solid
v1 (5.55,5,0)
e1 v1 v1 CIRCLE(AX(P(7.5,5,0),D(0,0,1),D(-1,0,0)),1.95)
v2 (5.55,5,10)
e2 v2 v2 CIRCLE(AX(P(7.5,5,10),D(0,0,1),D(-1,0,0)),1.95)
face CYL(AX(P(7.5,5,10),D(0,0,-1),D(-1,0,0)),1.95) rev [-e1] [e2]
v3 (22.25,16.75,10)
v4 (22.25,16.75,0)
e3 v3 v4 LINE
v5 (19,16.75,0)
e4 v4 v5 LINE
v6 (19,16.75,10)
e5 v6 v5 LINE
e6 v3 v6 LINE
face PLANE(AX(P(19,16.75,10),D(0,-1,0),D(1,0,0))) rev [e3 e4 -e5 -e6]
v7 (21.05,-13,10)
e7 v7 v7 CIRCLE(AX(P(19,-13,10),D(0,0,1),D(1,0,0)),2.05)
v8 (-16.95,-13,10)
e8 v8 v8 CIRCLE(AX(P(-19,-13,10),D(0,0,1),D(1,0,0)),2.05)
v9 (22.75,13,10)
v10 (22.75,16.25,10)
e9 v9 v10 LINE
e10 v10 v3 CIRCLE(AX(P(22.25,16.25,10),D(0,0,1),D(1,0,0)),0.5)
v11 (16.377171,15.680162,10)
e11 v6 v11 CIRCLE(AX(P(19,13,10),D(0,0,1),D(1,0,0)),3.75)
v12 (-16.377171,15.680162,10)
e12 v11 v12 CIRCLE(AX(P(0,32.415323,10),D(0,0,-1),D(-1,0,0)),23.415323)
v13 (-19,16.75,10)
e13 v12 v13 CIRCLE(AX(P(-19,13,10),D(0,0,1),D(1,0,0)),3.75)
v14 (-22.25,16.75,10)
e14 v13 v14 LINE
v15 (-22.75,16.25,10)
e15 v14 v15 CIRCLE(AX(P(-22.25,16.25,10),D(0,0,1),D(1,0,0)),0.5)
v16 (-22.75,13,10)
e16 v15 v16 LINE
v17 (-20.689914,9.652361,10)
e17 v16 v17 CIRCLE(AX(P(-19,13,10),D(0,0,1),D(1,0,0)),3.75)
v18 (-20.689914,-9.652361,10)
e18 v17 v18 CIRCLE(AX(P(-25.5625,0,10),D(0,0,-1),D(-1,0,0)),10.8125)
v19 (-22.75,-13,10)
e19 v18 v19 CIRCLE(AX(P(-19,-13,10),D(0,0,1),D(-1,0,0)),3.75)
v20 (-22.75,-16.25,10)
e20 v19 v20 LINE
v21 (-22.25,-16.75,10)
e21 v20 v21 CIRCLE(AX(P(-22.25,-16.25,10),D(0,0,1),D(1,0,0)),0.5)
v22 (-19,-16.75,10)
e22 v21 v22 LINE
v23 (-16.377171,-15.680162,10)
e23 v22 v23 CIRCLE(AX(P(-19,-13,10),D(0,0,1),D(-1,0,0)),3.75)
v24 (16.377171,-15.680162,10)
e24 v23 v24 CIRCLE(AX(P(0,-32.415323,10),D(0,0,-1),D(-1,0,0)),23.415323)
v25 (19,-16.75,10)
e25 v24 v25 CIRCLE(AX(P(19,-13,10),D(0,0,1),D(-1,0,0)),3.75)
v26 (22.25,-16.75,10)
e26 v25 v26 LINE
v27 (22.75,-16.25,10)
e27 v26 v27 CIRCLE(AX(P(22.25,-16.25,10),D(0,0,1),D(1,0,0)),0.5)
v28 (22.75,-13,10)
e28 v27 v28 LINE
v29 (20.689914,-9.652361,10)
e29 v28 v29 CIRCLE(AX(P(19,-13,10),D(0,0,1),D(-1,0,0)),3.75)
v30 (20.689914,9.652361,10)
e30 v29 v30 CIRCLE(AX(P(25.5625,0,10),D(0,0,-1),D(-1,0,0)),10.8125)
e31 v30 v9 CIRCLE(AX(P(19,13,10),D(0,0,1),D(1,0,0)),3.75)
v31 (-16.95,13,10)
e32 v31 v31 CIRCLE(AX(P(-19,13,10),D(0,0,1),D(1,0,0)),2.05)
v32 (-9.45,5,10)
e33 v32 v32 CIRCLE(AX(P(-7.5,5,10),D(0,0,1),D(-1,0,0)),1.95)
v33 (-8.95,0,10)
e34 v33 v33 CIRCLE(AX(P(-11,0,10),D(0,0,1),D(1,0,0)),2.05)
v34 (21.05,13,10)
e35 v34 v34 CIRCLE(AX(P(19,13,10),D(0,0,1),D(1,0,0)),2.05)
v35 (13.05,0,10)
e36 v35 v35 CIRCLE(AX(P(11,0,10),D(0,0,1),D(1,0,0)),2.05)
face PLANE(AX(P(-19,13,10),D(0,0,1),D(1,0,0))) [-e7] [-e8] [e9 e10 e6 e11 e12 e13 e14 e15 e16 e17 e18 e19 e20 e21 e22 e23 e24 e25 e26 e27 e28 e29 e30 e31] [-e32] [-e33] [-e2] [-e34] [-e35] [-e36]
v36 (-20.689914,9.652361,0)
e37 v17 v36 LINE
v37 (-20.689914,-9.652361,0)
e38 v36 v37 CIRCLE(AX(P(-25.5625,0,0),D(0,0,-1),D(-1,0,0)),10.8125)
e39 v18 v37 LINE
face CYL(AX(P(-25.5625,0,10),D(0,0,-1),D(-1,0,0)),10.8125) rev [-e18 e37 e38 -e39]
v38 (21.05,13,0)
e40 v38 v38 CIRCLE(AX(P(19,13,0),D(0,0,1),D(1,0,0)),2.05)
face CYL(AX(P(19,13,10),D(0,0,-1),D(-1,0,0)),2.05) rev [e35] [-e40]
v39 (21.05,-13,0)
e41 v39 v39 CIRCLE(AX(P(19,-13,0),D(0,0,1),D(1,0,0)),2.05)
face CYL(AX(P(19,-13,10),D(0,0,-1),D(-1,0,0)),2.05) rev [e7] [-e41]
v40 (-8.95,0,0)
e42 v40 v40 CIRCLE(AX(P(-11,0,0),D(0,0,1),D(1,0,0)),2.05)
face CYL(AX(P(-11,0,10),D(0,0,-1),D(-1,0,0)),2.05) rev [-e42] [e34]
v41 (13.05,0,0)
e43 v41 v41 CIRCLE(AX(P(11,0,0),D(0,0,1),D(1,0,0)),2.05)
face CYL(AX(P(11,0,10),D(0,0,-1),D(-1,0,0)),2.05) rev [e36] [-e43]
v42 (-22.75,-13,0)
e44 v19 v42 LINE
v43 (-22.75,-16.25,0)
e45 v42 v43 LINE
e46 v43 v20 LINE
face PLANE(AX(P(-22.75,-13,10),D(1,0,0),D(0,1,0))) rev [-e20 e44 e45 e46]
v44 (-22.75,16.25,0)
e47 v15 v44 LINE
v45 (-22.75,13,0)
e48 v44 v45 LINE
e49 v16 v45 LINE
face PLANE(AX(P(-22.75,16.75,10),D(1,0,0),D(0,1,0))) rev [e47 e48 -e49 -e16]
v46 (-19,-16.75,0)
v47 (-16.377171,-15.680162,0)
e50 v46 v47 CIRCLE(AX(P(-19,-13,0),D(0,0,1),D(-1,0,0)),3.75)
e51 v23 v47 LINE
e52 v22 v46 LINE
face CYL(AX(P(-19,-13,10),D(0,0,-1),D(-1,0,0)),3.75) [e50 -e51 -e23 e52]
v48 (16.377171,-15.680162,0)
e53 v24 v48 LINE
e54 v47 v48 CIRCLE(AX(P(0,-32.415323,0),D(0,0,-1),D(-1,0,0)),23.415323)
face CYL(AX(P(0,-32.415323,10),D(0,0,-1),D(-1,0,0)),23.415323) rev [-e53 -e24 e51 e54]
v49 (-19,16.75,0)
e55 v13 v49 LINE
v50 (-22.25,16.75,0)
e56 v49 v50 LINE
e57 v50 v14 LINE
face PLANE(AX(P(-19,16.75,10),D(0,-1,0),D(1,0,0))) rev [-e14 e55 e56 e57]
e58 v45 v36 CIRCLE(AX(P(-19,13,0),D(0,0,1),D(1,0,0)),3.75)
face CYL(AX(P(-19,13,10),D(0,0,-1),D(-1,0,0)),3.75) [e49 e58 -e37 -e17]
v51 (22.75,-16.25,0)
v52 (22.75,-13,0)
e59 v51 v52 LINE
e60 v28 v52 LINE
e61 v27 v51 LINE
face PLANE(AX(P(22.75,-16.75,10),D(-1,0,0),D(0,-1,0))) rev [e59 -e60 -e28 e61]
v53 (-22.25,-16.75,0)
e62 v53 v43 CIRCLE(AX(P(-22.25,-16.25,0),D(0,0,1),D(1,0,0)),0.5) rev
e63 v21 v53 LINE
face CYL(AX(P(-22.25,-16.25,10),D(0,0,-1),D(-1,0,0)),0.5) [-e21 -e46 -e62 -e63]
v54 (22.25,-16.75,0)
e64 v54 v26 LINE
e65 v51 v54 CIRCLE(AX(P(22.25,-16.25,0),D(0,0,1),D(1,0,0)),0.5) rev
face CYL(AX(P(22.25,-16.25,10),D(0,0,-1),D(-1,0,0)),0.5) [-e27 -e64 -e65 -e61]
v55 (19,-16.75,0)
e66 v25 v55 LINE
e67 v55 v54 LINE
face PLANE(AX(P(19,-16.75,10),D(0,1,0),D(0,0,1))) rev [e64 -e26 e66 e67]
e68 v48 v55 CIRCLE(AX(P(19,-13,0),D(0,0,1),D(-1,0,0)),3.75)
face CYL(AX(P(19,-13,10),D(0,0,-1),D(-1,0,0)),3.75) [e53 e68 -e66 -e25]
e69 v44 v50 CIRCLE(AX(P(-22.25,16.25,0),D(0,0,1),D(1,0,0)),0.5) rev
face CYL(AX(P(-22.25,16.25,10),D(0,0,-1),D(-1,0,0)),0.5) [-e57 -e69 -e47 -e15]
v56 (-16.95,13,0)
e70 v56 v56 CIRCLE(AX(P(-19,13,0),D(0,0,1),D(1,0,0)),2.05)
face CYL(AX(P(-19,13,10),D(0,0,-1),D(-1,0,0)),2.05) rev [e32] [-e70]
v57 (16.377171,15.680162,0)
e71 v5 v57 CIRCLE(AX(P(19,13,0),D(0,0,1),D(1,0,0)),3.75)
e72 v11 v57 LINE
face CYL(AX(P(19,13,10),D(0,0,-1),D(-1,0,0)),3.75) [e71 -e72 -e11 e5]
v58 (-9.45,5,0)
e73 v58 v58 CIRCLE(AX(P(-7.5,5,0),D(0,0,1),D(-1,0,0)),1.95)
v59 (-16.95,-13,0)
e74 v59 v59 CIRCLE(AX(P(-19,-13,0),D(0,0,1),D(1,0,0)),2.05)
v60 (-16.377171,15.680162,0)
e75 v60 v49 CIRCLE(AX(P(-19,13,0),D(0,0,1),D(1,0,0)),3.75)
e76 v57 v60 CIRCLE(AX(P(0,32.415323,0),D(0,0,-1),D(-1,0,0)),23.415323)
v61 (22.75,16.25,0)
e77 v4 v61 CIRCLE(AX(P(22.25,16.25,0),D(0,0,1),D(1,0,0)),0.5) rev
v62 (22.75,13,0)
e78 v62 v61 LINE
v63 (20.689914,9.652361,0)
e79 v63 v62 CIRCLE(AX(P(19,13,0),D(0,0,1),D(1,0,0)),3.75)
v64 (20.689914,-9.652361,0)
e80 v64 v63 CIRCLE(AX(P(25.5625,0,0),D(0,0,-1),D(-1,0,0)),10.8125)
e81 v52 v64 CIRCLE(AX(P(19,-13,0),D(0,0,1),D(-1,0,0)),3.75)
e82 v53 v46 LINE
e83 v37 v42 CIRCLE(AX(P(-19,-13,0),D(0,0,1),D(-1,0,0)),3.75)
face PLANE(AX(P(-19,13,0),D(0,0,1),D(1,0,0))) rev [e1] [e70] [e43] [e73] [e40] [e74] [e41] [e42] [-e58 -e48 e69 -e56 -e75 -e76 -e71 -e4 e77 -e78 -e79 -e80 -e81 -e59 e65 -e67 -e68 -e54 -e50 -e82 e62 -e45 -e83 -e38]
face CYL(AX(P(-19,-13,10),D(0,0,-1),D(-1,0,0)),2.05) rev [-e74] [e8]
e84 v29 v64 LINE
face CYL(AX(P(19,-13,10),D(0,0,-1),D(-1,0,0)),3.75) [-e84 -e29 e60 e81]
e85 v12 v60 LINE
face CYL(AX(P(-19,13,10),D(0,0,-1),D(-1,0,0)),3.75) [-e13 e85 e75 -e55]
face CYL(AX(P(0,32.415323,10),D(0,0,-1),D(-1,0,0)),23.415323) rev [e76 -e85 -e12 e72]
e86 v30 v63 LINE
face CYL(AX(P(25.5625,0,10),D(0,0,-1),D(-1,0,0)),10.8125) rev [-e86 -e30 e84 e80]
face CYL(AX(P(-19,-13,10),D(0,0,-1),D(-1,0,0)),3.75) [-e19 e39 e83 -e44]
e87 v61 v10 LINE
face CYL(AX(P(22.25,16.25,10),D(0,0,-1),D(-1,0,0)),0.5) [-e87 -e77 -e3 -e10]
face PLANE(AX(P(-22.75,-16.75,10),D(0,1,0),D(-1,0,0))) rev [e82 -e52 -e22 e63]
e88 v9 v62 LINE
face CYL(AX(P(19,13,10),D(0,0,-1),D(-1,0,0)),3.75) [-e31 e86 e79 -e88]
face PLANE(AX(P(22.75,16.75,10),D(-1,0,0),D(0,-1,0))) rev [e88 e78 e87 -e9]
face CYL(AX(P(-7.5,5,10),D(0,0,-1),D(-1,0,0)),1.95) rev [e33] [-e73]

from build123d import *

# Parameters (mm, degrees)
SKETCH1_R           = 2.05
SKETCH1_R_2         = 1.95
BOSS_EXTRUDE1_DEPTH = 10
FILLET1_R           = 0.5


with BuildPart() as part:
    # Sketch1 → Boss-Extrude1 (new body)
    with BuildSketch(Plane.XY):
        with BuildLine():
            Line((-19, 16.75), (-22.75, 16.75))
            Line((-22.75, 16.75), (-22.75, 13))
            ThreePointArc((-22.75, 13), (-22.193718688, 11.034634654), (-20.689914163, 9.652360515))
            ThreePointArc((-20.689914163, 9.652360515), (-14.75, 0), (-20.689914163, -9.652360515))
            ThreePointArc((-20.689914163, -9.652360515), (-22.193718688, -11.034634654), (-22.75, -13))
            Line((-22.75, -13), (-22.75, -16.75))
            Line((-22.75, -16.75), (-19, -16.75))
            ThreePointArc((-19, -16.75), (-17.583685544, -16.472254795), (-16.377170848, -15.680161793))
            ThreePointArc((-16.377170848, -15.680161793), (0, -9), (16.377170848, -15.680161793))
            ThreePointArc((16.377170848, -15.680161793), (17.583685544, -16.472254795), (19, -16.75))
            Line((19, -16.75), (22.75, -16.75))
            Line((22.75, -16.75), (22.75, -13))
            ThreePointArc((22.75, -13), (22.193718688, -11.034634654), (20.689914163, -9.652360515))
            ThreePointArc((20.689914163, -9.652360515), (14.75, 0), (20.689914163, 9.652360515))
            ThreePointArc((20.689914163, 9.652360515), (22.193718688, 11.034634654), (22.75, 13))
            Line((22.75, 13), (22.75, 16.75))
            Line((22.75, 16.75), (19, 16.75))
            ThreePointArc((19, 16.75), (17.583685544, 16.472254795), (16.377170848, 15.680161793))
            ThreePointArc((16.377170848, 15.680161793), (0, 9), (-16.377170848, 15.680161793))
            ThreePointArc((-16.377170848, 15.680161793), (-17.583685544, 16.472254795), (-19, 16.75))
        make_face()
        with Locations((19, 13)):
            Circle(SKETCH1_R, mode=Mode.SUBTRACT)
        with Locations((-19, 13)):
            Circle(SKETCH1_R, mode=Mode.SUBTRACT)
        with Locations((-19, -13)):
            Circle(SKETCH1_R, mode=Mode.SUBTRACT)
        with Locations((19, -13)):
            Circle(SKETCH1_R, mode=Mode.SUBTRACT)
        with Locations((-11, 0)):
            Circle(SKETCH1_R, mode=Mode.SUBTRACT)
        with Locations((11, 0)):
            Circle(SKETCH1_R, mode=Mode.SUBTRACT)
        with Locations(Location((7.5, 5, 0), (0, 0, 180))):
            Circle(SKETCH1_R_2, mode=Mode.SUBTRACT)
        with Locations(Location((-7.5, 5, 0), (0, 0, 180))):
            Circle(SKETCH1_R_2, mode=Mode.SUBTRACT)
    extrude(amount=BOSS_EXTRUDE1_DEPTH)

    # Fillet1
    fillet1_edges = [part.edges().sort_by_distance(p)[0] for p in [
        (22.75, 16.75, 5),
        (22.75, -16.75, 5),
        (-22.75, -16.75, 5),
        (-22.75, 16.75, 5),
    ]]
    fillet(fillet1_edges, radius=FILLET1_R)


solid = part.part
